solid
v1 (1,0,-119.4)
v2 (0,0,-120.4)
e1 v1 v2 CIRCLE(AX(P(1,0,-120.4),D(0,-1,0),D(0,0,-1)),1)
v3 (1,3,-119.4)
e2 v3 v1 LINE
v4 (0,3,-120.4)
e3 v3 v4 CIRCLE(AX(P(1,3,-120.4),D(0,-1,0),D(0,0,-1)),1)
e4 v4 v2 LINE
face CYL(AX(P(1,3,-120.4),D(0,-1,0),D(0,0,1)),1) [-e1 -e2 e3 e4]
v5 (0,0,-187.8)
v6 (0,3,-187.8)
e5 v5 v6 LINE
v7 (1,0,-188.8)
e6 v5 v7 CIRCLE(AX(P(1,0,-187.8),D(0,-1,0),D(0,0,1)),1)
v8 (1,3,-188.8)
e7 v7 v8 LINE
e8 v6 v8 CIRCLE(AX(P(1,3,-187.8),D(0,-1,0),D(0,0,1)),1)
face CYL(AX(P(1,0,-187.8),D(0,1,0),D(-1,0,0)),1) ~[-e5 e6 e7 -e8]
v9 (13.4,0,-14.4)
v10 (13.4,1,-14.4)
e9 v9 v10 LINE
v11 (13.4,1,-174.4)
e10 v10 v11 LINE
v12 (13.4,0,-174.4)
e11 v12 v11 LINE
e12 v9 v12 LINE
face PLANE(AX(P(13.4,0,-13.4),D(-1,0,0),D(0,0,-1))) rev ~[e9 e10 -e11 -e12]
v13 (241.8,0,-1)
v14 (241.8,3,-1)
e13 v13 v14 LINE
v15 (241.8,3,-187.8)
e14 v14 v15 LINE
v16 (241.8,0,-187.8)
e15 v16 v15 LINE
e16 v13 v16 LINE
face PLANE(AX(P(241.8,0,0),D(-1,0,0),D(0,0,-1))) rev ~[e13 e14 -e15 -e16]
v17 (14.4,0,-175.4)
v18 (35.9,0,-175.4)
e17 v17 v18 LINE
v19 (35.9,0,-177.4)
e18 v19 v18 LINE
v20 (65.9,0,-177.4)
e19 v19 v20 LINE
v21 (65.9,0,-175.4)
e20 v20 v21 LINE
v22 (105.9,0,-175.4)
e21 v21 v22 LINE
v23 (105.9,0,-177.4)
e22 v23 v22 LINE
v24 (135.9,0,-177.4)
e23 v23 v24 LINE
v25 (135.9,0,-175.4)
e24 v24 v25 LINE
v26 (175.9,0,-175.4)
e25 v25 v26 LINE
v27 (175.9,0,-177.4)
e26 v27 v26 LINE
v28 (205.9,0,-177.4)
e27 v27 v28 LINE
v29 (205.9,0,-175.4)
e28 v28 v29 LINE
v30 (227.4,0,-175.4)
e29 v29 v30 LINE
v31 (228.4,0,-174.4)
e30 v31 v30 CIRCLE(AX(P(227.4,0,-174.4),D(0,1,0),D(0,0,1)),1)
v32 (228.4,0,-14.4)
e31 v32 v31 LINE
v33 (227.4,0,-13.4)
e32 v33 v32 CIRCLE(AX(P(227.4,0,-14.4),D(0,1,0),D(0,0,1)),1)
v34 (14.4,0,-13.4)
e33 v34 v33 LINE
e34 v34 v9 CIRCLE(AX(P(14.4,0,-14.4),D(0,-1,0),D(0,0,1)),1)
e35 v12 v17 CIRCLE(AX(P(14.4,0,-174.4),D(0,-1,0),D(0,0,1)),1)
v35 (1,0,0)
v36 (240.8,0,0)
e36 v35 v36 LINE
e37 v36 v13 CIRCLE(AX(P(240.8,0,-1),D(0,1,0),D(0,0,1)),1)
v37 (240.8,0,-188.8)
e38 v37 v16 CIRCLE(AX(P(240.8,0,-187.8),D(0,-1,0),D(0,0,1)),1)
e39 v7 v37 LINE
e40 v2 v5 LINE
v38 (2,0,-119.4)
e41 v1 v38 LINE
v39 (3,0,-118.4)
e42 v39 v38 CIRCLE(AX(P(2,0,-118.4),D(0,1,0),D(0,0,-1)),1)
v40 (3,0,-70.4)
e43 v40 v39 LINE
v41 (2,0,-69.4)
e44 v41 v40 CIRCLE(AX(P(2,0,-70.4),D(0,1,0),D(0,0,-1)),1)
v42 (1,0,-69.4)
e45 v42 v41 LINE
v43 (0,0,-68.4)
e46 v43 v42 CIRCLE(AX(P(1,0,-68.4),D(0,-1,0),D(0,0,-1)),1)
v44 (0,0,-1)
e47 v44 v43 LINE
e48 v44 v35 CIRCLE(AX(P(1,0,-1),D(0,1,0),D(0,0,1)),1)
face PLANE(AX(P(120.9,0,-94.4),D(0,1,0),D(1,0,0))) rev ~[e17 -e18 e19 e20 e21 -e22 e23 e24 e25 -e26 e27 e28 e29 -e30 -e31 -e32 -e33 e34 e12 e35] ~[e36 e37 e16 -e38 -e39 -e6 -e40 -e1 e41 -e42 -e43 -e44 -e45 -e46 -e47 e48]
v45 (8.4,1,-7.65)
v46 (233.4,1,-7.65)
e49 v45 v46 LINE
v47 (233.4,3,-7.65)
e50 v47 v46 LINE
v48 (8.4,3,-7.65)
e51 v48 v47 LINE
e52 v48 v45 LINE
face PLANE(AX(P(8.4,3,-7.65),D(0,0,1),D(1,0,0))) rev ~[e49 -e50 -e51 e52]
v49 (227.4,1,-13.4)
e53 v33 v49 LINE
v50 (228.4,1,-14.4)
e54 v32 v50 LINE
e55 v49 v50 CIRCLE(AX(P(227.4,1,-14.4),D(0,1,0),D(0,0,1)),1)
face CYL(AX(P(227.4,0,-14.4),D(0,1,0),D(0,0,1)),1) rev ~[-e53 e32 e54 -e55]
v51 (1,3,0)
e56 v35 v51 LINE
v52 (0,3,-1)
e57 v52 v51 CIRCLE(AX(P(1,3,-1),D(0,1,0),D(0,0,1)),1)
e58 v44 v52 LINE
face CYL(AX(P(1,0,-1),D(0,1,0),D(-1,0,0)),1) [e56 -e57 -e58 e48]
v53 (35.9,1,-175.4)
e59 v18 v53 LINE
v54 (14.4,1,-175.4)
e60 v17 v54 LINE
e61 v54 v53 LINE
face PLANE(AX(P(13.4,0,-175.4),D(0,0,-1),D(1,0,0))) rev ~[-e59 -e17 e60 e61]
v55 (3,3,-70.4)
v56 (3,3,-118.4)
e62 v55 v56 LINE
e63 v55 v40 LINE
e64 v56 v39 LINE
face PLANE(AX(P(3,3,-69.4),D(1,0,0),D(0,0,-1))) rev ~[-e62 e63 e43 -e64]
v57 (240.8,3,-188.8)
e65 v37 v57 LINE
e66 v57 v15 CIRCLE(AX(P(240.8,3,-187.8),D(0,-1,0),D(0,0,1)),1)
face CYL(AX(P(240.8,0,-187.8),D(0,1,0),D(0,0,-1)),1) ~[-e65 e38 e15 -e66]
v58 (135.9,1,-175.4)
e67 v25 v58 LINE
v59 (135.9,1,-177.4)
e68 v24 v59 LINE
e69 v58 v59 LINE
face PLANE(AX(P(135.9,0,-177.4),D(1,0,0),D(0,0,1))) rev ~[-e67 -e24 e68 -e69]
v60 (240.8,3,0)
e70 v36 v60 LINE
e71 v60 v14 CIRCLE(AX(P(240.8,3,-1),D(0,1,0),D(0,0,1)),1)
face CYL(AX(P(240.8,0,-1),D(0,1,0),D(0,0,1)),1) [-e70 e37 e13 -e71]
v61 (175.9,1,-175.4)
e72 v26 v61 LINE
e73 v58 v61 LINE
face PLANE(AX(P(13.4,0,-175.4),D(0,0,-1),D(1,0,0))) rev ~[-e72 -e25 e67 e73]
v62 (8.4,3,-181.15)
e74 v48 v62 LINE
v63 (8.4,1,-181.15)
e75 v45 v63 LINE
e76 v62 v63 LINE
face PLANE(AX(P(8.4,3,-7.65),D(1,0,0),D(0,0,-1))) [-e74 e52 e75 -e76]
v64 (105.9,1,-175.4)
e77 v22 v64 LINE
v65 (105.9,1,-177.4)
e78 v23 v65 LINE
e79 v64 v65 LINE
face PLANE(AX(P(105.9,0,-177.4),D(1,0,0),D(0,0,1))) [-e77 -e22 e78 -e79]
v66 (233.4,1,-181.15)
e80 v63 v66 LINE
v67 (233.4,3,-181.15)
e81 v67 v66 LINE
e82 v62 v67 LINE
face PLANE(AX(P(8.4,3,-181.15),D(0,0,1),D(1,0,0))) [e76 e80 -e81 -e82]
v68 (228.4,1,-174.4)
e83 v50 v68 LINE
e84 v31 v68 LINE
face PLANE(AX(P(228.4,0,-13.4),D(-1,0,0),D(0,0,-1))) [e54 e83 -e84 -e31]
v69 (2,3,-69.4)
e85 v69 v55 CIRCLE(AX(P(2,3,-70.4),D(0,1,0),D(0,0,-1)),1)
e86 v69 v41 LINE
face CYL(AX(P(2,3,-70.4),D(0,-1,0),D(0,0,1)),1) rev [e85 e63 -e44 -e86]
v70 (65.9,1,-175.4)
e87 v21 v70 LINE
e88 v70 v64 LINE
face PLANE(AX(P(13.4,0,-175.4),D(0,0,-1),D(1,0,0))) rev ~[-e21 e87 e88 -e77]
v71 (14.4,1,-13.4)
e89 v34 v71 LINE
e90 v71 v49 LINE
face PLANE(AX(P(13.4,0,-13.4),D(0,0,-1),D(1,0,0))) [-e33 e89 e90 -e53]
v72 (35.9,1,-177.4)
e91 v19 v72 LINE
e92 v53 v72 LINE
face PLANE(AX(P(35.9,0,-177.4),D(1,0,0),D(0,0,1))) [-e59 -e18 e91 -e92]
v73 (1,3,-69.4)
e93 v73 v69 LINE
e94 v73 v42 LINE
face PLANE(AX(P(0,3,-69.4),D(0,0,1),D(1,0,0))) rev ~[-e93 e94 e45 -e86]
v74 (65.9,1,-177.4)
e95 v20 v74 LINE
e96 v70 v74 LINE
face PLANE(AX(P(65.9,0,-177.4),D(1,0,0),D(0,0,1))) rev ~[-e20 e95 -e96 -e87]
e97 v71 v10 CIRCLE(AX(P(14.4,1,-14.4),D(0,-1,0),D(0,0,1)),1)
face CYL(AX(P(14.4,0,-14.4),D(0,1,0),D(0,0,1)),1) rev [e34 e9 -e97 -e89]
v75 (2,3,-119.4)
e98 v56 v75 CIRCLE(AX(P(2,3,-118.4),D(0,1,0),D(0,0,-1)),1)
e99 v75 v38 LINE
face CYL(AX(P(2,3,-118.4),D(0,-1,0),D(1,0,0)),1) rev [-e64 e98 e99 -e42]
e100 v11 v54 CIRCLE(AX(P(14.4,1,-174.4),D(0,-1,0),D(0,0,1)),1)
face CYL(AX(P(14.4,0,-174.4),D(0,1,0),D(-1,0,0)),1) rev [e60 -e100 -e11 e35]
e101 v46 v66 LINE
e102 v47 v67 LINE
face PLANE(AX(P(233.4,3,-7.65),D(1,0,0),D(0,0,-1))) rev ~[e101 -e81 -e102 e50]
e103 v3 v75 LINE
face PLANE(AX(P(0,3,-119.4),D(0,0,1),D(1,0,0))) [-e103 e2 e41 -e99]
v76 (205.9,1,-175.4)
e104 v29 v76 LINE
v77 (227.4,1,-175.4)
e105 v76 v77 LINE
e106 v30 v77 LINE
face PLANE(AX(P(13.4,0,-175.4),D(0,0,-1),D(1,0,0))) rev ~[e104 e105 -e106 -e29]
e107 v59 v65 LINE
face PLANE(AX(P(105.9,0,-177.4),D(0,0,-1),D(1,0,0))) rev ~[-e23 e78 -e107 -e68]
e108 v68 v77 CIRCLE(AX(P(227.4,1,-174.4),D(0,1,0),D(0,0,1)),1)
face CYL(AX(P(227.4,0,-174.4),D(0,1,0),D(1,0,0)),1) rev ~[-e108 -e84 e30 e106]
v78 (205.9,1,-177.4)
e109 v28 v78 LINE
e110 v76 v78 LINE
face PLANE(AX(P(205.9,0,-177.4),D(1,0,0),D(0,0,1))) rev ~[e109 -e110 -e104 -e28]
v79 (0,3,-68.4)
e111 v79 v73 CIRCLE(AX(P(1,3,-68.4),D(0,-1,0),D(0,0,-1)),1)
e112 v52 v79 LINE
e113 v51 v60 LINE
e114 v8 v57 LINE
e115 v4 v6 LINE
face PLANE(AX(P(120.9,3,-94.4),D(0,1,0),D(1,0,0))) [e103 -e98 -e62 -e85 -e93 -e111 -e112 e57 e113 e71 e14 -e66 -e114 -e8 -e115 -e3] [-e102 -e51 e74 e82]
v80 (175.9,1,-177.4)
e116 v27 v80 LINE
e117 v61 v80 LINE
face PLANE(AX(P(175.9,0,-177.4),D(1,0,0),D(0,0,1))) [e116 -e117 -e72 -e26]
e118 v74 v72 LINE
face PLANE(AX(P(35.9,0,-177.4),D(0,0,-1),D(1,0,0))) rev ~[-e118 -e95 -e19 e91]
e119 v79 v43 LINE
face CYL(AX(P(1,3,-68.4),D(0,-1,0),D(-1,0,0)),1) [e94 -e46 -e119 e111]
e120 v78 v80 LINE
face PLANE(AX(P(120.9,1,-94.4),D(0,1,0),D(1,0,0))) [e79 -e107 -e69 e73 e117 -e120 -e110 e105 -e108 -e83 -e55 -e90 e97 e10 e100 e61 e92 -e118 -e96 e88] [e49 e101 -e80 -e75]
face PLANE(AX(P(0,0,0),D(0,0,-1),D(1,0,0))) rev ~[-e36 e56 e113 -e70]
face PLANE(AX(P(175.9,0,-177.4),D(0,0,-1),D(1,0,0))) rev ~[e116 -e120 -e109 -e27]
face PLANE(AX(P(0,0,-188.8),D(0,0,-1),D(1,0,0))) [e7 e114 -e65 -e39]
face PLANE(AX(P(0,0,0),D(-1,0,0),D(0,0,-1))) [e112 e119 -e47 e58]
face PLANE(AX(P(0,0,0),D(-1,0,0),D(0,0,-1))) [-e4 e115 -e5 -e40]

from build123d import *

# Parameters (mm, degrees)
SKETCH1_W           = 241.8
SKETCH1_H           = 188.8
SKETCH1_W_2         = 215
SKETCH1_H_2         = 162
BOSS_EXTRUDE1_DEPTH = 3
SKETCH2_W           = 225
SKETCH2_H           = 173.5
CUT_EXTRUDE1_DEPTH  = 2
SKETCH3_W           = 3
SKETCH3_H           = 50
CUT_EXTRUDE2_DEPTH  = 5
FILLET1_R           = 1
SKETCH4_W           = 30
SKETCH4_H           = 2
CUT_EXTRUDE3_DEPTH  = 4


with BuildPart() as part:
    # Sketch1 → Boss-Extrude1 (new body)
    with BuildSketch(Plane(origin=(0, 0, 0), x_dir=(1, 0, 0), z_dir=(0, 1, 0))):
        with Locations((120.9, 94.4)):
            Rectangle(SKETCH1_W, SKETCH1_H)
        with Locations((120.9, 94.4)):
            Rectangle(SKETCH1_W_2, SKETCH1_H_2, mode=Mode.SUBTRACT)
    extrude(amount=BOSS_EXTRUDE1_DEPTH)

    # Sketch2 → Cut-Extrude1 (cut)
    with BuildSketch(Plane(origin=(0, 3, 0), x_dir=(1, 0, 0), z_dir=(0, 1, 0))):
        with Locations((120.9, 94.4)):
            Rectangle(SKETCH2_W, SKETCH2_H)
    extrude(amount=-CUT_EXTRUDE1_DEPTH, mode=Mode.SUBTRACT)

    # Sketch3 → Cut-Extrude2 (cut)
    with BuildSketch(Plane(origin=(0, 3, 0), x_dir=(1, 0, 0), z_dir=(0, 1, 0))):
        with Locations((1.5, 94.4)):
            Rectangle(SKETCH3_W, SKETCH3_H)
    extrude(amount=-CUT_EXTRUDE2_DEPTH, mode=Mode.SUBTRACT)

    # Fillet1
    fillet1_edges = [part.edges().sort_by_distance(p)[0] for p in [
        (228.4, 0.5, -175.4),
        (13.4, 0.5, -175.4),
        (228.4, 0.5, -13.4),
        (13.4, 0.5, -13.4),
        (0, 1.5, -69.4),
        (0, 1.5, -119.4),
        (3, 1.5, -119.4),
        (3, 1.5, -69.4),
        (0, 1.5, -188.8),
        (241.8, 1.5, -188.8),
        (241.8, 1.5, 0),
        (0, 1.5, 0),
    ]]
    fillet(fillet1_edges, radius=FILLET1_R)

    # Sketch4 → Cut-Extrude3 (cut, through all)
    with BuildSketch(Plane.XZ):
        with Locations((50.9, -176.4)):
            Rectangle(SKETCH4_W, SKETCH4_H)
        with Locations((120.9, -176.4)):
            Rectangle(SKETCH4_W, SKETCH4_H)
        with Locations((190.9, -176.4)):
            Rectangle(SKETCH4_W, SKETCH4_H)
    extrude(amount=-CUT_EXTRUDE3_DEPTH, mode=Mode.SUBTRACT)


solid = part.part
